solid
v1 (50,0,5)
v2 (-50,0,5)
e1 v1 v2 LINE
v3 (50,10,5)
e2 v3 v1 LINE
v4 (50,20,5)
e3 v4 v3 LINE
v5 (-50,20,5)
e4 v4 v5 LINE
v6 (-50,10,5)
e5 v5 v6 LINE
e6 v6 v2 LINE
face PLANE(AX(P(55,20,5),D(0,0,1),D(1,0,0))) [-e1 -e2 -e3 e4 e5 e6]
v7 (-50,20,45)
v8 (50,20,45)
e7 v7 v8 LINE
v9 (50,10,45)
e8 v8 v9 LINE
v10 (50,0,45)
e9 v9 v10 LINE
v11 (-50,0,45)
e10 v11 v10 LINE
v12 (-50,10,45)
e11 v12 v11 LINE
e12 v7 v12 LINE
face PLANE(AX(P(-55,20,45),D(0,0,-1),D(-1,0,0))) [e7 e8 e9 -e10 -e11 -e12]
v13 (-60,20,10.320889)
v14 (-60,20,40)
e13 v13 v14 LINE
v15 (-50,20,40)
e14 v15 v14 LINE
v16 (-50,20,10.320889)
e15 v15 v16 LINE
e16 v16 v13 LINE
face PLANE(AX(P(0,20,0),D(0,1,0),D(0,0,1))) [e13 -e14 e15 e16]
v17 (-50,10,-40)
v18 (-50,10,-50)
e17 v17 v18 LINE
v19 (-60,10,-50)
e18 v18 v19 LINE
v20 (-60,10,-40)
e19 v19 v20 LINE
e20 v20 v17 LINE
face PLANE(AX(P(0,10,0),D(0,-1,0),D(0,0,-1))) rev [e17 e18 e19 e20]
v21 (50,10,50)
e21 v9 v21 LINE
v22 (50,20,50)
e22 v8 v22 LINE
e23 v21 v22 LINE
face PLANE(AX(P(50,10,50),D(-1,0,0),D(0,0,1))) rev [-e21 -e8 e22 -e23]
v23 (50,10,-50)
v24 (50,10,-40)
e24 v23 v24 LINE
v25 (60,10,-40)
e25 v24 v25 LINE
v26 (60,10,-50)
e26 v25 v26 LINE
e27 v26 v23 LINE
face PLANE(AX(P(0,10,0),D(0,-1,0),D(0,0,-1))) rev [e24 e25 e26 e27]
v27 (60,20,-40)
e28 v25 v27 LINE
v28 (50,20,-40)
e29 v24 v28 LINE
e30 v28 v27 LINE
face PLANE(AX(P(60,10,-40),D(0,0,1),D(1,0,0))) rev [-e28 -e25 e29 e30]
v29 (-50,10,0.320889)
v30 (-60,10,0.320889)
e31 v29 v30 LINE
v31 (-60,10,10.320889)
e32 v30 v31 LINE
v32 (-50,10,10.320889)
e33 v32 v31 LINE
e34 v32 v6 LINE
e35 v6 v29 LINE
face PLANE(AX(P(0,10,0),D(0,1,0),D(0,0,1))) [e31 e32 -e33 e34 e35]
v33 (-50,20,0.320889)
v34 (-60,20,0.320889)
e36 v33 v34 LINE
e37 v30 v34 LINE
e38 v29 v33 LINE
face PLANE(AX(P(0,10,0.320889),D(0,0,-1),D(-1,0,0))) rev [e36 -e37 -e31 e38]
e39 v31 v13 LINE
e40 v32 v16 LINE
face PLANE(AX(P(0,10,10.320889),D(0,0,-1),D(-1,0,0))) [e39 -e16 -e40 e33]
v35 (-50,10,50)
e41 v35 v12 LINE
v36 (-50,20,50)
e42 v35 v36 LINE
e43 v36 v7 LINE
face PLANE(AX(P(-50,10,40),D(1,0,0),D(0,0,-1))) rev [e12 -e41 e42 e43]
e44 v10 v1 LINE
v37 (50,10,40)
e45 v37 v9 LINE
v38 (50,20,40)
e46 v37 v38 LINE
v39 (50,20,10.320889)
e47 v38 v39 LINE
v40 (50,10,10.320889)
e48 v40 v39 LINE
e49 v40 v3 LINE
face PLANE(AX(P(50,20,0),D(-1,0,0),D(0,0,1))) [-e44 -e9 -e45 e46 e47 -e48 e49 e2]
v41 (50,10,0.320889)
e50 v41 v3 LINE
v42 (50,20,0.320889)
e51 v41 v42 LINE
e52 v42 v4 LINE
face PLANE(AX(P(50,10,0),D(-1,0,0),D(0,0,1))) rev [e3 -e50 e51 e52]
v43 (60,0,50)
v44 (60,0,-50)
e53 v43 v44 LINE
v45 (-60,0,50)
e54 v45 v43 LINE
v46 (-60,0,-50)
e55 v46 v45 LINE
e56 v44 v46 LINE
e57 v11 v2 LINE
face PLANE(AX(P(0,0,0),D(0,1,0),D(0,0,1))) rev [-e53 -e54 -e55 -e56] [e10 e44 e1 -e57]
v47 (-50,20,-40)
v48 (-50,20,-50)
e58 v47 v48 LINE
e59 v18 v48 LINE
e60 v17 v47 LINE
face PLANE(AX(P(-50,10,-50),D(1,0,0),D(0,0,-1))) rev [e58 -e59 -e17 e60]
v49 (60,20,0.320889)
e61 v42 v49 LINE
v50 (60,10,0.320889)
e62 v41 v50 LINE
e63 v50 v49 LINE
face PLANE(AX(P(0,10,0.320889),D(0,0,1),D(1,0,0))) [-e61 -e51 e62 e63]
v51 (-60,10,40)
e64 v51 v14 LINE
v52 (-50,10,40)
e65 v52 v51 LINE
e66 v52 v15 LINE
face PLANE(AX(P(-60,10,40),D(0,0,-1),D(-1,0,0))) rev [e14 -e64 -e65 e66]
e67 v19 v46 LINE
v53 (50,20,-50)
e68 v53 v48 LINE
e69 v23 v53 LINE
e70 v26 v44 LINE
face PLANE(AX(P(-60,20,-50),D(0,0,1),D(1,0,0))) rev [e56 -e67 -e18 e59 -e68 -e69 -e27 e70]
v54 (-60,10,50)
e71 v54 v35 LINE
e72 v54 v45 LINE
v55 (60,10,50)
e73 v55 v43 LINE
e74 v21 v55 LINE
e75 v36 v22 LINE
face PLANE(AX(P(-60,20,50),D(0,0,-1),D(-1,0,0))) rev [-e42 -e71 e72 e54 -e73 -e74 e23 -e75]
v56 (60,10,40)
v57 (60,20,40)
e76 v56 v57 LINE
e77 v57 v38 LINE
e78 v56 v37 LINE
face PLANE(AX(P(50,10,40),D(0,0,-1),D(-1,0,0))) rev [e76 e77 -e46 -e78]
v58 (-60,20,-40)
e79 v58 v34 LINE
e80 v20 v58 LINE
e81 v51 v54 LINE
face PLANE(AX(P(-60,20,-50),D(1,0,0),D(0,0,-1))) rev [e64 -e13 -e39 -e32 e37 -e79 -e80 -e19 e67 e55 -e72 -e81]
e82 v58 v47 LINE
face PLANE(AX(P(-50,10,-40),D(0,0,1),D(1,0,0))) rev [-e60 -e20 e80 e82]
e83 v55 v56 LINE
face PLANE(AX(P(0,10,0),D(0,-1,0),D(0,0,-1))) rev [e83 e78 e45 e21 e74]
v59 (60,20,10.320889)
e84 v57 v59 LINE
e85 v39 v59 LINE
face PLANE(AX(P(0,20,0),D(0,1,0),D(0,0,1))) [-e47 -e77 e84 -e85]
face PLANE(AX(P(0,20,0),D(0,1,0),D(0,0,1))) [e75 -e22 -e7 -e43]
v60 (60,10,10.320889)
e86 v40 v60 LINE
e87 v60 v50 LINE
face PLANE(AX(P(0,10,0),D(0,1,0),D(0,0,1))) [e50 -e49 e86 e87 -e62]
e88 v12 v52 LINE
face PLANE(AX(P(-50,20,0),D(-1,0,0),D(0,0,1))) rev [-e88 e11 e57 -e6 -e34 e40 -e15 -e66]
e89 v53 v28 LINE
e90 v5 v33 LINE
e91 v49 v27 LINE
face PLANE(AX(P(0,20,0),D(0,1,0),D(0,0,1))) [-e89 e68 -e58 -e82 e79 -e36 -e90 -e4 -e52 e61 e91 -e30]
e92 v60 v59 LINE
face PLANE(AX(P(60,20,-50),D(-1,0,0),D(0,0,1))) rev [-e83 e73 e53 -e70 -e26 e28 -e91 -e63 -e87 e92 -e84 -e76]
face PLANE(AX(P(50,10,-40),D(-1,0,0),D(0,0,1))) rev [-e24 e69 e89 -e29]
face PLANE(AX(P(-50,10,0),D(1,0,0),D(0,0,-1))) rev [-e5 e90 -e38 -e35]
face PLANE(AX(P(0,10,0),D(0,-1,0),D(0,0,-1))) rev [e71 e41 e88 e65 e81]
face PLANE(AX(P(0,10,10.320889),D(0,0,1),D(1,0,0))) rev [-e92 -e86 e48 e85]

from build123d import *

# Parameters (mm, degrees)
SKETCH1_W           = 120
SKETCH1_H           = 100
BOSS_EXTRUDE1_DEPTH = 20
SKETCH6_W           = 110
SKETCH6_H           = 40
CUT_EXTRUDE1_DEPTH  = 20
SKETCH6_3_W         = 5
SKETCH6_3_H         = 40
BOSS_EXTRUDE4_DEPTH = 20
SKETCH14_W          = 10
SKETCH14_H          = 10
CUT_EXTRUDE2_DEPTH  = 10
SKETCH15_W          = 10
SKETCH15_H          = 10
CUT_EXTRUDE3_DEPTH  = 10


with BuildPart() as part:
    # Sketch1 → Boss-Extrude1 (new body)
    with BuildSketch(Plane(origin=(0, 0, 0), x_dir=(1, 0, 0), z_dir=(0, 1, 0))):
        Rectangle(SKETCH1_W, SKETCH1_H)
    extrude(amount=BOSS_EXTRUDE1_DEPTH)

    # Sketch6 → Cut-Extrude1 (cut)
    with BuildSketch(Plane.XZ):
        with Locations((0, 25)):
            Rectangle(SKETCH6_W, SKETCH6_H)
    extrude(amount=-CUT_EXTRUDE1_DEPTH, mode=Mode.SUBTRACT)

    # Sketch6<3> → Boss-Extrude4 (add)
    with BuildSketch(Plane.XZ):
        with Locations((-52.5, 25)):
            Rectangle(SKETCH6_3_W, SKETCH6_3_H)
        with Locations((52.5, 25)):
            Rectangle(SKETCH6_3_W, SKETCH6_3_H)
    extrude(amount=-BOSS_EXTRUDE4_DEPTH)

    # Sketch14 → Cut-Extrude2 (cut)
    with BuildSketch(Plane(origin=(0, 20, 0), x_dir=(1, 0, 0), z_dir=(0, 1, 0))):
        with Locations((55, -5.320888862)):
            Rectangle(SKETCH14_W, SKETCH14_H)
        with Locations((-55, -5.320888862)):
            Rectangle(SKETCH14_W, SKETCH14_H)
    extrude(amount=-CUT_EXTRUDE2_DEPTH, mode=Mode.SUBTRACT)

    # Sketch15 → Cut-Extrude3 (cut)
    with BuildSketch(Plane(origin=(0, 20, 0), x_dir=(1, 0, 0), z_dir=(0, 1, 0))):
        with Locations((-55, 45)):
            Rectangle(SKETCH15_W, SKETCH15_H)
        with Locations((55, 45)):
            Rectangle(SKETCH15_W, SKETCH15_H)
        with Locations((55, -45)):
            Rectangle(SKETCH15_W, SKETCH15_H)
        with Locations((-55, -45)):
            Rectangle(SKETCH15_W, SKETCH15_H)
    extrude(amount=-CUT_EXTRUDE3_DEPTH, mode=Mode.SUBTRACT)


solid = part.part
